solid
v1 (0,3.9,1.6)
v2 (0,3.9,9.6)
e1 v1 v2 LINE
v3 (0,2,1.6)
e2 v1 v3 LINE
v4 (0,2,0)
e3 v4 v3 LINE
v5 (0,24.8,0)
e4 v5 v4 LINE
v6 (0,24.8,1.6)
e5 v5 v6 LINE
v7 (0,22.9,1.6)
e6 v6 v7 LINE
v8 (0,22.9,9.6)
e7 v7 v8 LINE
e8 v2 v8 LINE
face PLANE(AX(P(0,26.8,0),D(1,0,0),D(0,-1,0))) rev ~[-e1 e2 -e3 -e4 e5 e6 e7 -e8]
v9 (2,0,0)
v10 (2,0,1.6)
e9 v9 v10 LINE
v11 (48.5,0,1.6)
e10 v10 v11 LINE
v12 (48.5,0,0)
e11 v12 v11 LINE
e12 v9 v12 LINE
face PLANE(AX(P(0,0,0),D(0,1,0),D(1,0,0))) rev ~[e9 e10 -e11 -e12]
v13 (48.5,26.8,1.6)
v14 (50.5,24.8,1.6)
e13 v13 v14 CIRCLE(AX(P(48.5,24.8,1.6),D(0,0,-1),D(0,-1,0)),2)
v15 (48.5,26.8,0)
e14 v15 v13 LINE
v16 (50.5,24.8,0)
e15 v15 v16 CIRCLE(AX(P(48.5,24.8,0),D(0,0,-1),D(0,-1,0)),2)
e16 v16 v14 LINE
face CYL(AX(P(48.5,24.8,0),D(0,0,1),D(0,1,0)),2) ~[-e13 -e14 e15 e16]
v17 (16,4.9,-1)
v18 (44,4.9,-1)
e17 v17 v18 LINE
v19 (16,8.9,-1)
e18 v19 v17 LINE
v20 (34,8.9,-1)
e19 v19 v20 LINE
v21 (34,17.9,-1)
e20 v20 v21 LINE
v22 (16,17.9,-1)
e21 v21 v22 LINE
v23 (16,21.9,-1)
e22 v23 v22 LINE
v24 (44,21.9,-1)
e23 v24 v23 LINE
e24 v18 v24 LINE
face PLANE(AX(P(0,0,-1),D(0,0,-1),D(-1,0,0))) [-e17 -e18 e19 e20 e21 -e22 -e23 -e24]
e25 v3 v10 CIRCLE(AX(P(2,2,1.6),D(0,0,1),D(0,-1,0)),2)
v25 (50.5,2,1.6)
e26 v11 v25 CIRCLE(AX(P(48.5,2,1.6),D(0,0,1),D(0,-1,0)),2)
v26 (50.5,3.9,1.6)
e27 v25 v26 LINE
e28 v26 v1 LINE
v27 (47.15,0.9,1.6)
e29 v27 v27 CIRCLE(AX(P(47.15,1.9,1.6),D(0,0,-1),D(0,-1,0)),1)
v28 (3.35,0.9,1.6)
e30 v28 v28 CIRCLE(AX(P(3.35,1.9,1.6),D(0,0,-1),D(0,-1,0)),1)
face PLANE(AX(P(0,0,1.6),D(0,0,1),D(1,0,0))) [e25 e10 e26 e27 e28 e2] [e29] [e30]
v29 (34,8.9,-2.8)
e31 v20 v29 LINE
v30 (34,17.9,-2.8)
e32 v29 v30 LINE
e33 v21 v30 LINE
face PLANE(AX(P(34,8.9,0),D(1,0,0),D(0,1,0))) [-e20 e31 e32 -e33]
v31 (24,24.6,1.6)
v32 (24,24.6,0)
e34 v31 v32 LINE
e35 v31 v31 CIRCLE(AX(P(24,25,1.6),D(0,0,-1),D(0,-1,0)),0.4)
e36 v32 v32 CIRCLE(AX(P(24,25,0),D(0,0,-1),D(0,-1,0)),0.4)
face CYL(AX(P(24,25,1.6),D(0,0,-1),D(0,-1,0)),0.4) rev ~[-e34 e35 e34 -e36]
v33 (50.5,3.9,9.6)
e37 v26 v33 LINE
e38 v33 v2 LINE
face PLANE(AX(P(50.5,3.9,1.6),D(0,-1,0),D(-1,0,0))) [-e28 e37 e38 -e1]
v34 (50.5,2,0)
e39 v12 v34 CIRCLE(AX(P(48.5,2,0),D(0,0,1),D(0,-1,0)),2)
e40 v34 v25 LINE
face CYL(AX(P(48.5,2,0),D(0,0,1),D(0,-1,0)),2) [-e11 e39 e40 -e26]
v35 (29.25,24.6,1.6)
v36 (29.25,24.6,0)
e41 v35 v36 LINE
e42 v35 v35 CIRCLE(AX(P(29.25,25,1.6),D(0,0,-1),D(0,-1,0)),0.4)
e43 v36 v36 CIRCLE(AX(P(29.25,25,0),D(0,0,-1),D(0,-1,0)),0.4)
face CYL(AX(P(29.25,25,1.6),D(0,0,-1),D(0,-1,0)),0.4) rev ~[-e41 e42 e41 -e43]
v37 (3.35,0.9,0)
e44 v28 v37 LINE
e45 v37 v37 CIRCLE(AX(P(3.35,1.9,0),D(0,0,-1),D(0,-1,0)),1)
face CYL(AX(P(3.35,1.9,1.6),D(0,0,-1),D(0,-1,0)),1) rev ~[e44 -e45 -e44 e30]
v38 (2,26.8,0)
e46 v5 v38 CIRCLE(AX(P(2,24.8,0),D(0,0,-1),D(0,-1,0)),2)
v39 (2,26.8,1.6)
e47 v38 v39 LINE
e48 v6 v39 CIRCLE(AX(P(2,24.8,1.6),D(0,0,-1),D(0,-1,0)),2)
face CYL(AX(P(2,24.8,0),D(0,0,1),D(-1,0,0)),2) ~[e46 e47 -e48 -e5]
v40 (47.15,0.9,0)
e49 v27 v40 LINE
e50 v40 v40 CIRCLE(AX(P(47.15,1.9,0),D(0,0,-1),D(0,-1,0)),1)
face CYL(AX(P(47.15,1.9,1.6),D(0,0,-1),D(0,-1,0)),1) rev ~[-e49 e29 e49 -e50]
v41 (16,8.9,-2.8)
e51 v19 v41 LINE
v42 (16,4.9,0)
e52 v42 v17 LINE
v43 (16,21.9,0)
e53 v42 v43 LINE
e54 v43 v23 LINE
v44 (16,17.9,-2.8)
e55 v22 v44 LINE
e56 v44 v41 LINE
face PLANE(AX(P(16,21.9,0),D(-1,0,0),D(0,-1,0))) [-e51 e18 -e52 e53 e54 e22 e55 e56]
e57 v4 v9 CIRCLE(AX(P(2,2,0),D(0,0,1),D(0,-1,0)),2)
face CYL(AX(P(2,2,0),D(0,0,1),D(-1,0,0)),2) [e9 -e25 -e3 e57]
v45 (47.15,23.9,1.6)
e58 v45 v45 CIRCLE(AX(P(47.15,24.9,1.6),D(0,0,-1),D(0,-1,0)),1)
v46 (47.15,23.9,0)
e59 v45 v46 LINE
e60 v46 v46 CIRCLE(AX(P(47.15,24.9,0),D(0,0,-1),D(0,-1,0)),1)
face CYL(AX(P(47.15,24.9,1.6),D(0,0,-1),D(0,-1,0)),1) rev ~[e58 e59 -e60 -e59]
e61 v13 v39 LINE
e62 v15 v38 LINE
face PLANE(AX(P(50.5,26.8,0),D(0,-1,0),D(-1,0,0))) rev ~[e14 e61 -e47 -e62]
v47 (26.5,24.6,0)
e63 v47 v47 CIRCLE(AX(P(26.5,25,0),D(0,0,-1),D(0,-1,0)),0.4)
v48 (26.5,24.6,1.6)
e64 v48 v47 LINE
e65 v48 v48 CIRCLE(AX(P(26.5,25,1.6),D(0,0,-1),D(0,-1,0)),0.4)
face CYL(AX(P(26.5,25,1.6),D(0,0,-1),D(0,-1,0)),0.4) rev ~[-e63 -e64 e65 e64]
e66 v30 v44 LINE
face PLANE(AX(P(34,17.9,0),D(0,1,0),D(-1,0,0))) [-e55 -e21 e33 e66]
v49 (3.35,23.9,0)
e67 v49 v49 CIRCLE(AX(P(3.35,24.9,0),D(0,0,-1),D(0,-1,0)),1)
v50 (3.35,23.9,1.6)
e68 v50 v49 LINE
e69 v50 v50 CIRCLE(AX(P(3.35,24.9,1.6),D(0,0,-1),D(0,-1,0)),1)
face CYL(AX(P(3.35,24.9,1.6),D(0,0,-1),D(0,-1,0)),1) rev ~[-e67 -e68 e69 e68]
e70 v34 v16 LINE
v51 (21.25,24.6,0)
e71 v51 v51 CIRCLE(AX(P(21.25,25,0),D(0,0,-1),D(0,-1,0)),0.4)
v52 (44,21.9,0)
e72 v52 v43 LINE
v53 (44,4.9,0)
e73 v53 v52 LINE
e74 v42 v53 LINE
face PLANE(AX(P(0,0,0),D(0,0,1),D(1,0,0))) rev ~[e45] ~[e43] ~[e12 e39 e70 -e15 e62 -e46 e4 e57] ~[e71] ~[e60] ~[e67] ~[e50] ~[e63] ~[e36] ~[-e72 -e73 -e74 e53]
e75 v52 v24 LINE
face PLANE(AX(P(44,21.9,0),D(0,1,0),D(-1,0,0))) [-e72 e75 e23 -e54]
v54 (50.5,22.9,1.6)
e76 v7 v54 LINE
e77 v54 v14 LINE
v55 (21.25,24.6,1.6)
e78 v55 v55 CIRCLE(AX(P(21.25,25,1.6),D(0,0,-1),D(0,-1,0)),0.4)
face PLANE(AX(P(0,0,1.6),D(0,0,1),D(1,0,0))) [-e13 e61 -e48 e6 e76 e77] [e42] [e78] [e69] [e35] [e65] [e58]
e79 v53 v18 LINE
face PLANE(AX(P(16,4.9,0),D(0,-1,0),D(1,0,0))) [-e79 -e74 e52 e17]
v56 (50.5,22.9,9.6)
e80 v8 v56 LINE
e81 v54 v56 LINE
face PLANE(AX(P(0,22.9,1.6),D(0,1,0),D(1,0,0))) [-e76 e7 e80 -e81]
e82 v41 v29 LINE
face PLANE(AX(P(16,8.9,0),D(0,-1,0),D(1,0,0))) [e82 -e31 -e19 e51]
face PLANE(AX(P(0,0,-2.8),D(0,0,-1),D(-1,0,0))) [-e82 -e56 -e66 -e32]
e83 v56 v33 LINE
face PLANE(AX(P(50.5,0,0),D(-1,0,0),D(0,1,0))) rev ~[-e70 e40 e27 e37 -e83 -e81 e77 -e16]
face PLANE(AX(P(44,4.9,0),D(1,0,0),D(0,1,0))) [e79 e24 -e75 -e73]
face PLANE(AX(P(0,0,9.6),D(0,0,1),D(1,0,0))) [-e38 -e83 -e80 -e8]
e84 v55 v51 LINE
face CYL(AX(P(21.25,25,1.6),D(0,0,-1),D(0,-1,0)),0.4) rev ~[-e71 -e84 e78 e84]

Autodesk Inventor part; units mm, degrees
ref_plane "YZ Plane" through (0, 0, 0) normal (1, 0, 0) x (0, 1, 0)
ref_plane "XZ Plane" through (0, 0, 0) normal (0, 1, 0) x (-1, 0, 0)
ref_plane "XY Plane" through (0, 0, 0) normal (0, 0, 1) x (1, 0, 0)
sketch "Sketch1" plane through (0, 0, 0) normal (0, 0, 1) x (1, 0, 0)
  line L0 (0, 0) -> (50.5, 0)
  line L1 (50.5, 0) -> (50.5, 26.8)
  line L2 (50.5, 26.8) -> (0, 26.8)
  line L3 (0, 26.8) -> (0, 0)
  dimension "d0" = 50.5
  dimension "d1" = 26.8
extrude "Extrusion1" add sketch "Sketch1" along normal blind 1.6
sketch "Esquisse2" plane through (0, 0, 1.6) normal (0, 0, 1) x (1, 0, 0)
  line L0 (0, 0) -> (50.5, 0) construction
  line L1 (50.5, 0) -> (50.5, 26.8) construction
  line L2 (50.5, 26.8) -> (0, 26.8) construction
  line L3 (0, 26.8) -> (0, 0) construction
  line L4 (3.35, 24.9) -> (47.15, 24.9) construction
  line L5 (47.15, 24.9) -> (47.15, 1.9) construction
  line L6 (47.15, 1.9) -> (3.35, 1.9) construction
  line L7 (3.35, 1.9) -> (3.35, 24.9) construction
  line L8 (25.25, 26.8) -> (25.25, 0) construction
  line L9 (0, 13.4) -> (50.5, 13.4) construction
  dimension "d4" = 43.8
  dimension "d5" = 23
hole "Perçage1" at (3.35, 24.9, 1.6) at (3.35, 1.9, 1.6) at (47.15, 24.9, 1.6) at (47.15, 1.9, 1.6) direction (0, 0, -1) diameter 2 end through all
fillet "Congé1" radius 2 4 edges at (0, 26.8, 0.8) (50.5, 26.8, 0.8) (50.5, 0, 0.8) (0, 0, 0.8)
sketch "Esquisse3" plane through (0, 0, 1.6) normal (0, 0, 1) x (1, 0, 0)
  arc A0 (0, 2) -> (2, 0) centre (2, 2) ccw construction
  line L0 (2, 0) -> (48.5, 0) construction
  arc A1 (48.5, 0) -> (50.5, 2) centre (48.5, 2) ccw construction
  line L1 (50.5, 2) -> (50.5, 24.8) construction
  arc A2 (50.5, 24.8) -> (48.5, 26.8) centre (48.5, 24.8) ccw construction
  line L2 (48.5, 26.8) -> (2, 26.8) construction
  arc A3 (2, 26.8) -> (0, 24.8) centre (2, 24.8) ccw construction
  line L3 (0, 24.8) -> (0, 2) construction
  circle A4 centre (47.15, 24.9) radius 1 construction
  circle A5 centre (3.35, 24.9) radius 1 construction
  circle A6 centre (3.35, 1.9) radius 1 construction
  circle A7 centre (47.15, 1.9) radius 1 construction
  line L4 (0, 22.9) -> (50.5, 22.9)
  line L5 (50.5, 22.9) -> (50.5, 3.9)
  line L6 (50.5, 3.9) -> (0, 3.9)
  line L7 (0, 3.9) -> (0, 22.9)
  line L8 (25.25, 26.8) -> (25.25, 0) construction
  line L9 (0, 13.4) -> (50.5, 13.4) construction
  point P0 (0, 0)
  dimension "d14" = 19
extrude "Extrusion2" add sketch "Esquisse3" along normal blind 8
sketch "Esquisse4" plane through (0, 0, 0) normal (0, 0, -1) x (-1, 0, 0)
  circle A0 centre (-47.15, 24.9) radius 1 construction
  circle A1 centre (-3.35, 24.9) radius 1 construction
  circle A2 centre (-3.35, 1.9) radius 1 construction
  circle A3 centre (-47.15, 1.9) radius 1 construction
  arc A4 (-2, 0) -> (0, 2) centre (-2, 2) ccw construction
  line L0 (0, 24.8) -> (0, 2) construction
  arc A5 (0, 24.8) -> (-2, 26.8) centre (-2, 24.8) ccw construction
  line L1 (-48.5, 26.8) -> (-2, 26.8) construction
  arc A6 (-48.5, 26.8) -> (-50.5, 24.8) centre (-48.5, 24.8) ccw construction
  line L2 (-50.5, 2) -> (-50.5, 24.8) construction
  arc A7 (-50.5, 2) -> (-48.5, 0) centre (-48.5, 2) ccw construction
  line L3 (-2, 0) -> (-48.5, 0) construction
  line L4 (-34, 17.9) -> (-16, 17.9)
  line L5 (-16, 17.9) -> (-16, 8.9)
  line L6 (-16, 8.9) -> (-34, 8.9)
  line L7 (-34, 8.9) -> (-34, 17.9)
  line L8 (-50.5, 13.4) -> (0, 13.4) construction
  point P0 (0, 0)
  dimension "d17" = 18
  dimension "d18" = 9
  dimension "d19" = 16
extrude "Extrusion3" add sketch "Esquisse4" along normal blind 2.8
sketch "Esquisse5" plane through (0, 0, 0) normal (0, 0, -1) x (-1, 0, 0)
  line L0 (-16, 17.9) -> (-16, 8.9) construction
  line L1 (-16, 8.9) -> (-34, 8.9) construction
  line L2 (-34, 8.9) -> (-34, 17.9) construction
  line L3 (-34, 17.9) -> (-16, 17.9) construction
  circle A0 centre (-47.15, 24.9) radius 1 construction
  circle A1 centre (-3.35, 24.9) radius 1 construction
  circle A2 centre (-3.35, 1.9) radius 1 construction
  circle A3 centre (-47.15, 1.9) radius 1 construction
  arc A4 (-2, 0) -> (0, 2) centre (-2, 2) ccw construction
  line L4 (0, 24.8) -> (0, 2) construction
  arc A5 (0, 24.8) -> (-2, 26.8) centre (-2, 24.8) ccw construction
  line L5 (-48.5, 26.8) -> (-2, 26.8) construction
  arc A6 (-48.5, 26.8) -> (-50.5, 24.8) centre (-48.5, 24.8) ccw construction
  line L6 (-50.5, 2) -> (-50.5, 24.8) construction
  arc A7 (-50.5, 2) -> (-48.5, 0) centre (-48.5, 2) ccw construction
  line L7 (-2, 0) -> (-48.5, 0) construction
  line L8 (-44, 21.9) -> (-16, 21.9)
  line L9 (-16, 21.9) -> (-16, 4.9)
  line L10 (-16, 4.9) -> (-44, 4.9)
  line L11 (-44, 4.9) -> (-44, 21.9)
  line L12 (-16, 17.9) -> (-34, 17.9) construction
  line L13 (-34, 17.9) -> (-34, 8.9) construction
  line L14 (-34, 8.9) -> (-16, 8.9) construction
  line L15 (-16, 8.9) -> (-16, 17.9) construction
  line L16 (-50.5, 13.4) -> (0, 13.4) construction
  point P0 (0, 0)
  dimension "d22" = 28
  dimension "d23" = 17
extrude "Extrusion4" add sketch "Esquisse5" along normal blind 1
sketch "Esquisse6" plane through (0, 0, 1.6) normal (0, 0, 1) x (1, 0, 0)
  line L0 (0, 22.9) -> (50.5, 22.9) construction
  line L1 (50.5, 22.9) -> (50.5, 24.8) construction
  arc A0 (50.5, 24.8) -> (48.5, 26.8) centre (48.5, 24.8) ccw construction
  line L2 (48.5, 26.8) -> (2, 26.8) construction
  arc A1 (2, 26.8) -> (0, 24.8) centre (2, 24.8) ccw construction
  line L3 (0, 24.8) -> (0, 22.9) construction
  circle A2 centre (47.15, 24.9) radius 1 construction
  circle A3 centre (3.35, 24.9) radius 1 construction
  line L4 (21.25, 25) -> (29.25, 25) construction
  line L5 (50.5, 3.9) -> (0, 3.9) construction
  line L6 (0, 3.9) -> (0, 2) construction
  arc A4 (0, 2) -> (2, 0) centre (2, 2) ccw construction
  line L7 (2, 0) -> (48.5, 0) construction
  arc A5 (48.5, 0) -> (50.5, 2) centre (48.5, 2) ccw construction
  line L8 (50.5, 2) -> (50.5, 3.9) construction
  circle A6 centre (3.35, 1.9) radius 1 construction
  circle A7 centre (47.15, 1.9) radius 1 construction
  line L9 (25.25, 26.8) -> (25.25, 0) construction
  point P0 (0, 0)
  point P1 (26.5, 25)
  point P2 (24, 25)
  dimension "d26" = 8
  dimension "d27" = 1.8
  dimension "d28" = 2.5
hole "Perçage2" at (21.25, 25, 1.6) at (29.25, 25, 1.6) at (26.5, 25, 1.6) at (24, 25, 1.6) direction (0, 0, -1) diameter 0.8 end through all
sketch "Esquisse7" plane through (0, 0, 9.6) normal (0, 0, 1) x (1, 0, 0)
  line L0 (7.75, 18.4) -> (42.75, 18.4) construction
  line L1 (42.75, 18.4) -> (42.75, 8.4) construction
  line L2 (42.75, 8.4) -> (7.75, 8.4) construction
  line L3 (7.75, 8.4) -> (7.75, 18.4) construction
  line L4 (50.5, 22.9) -> (0, 22.9) construction
  line L5 (0, 22.9) -> (0, 3.9) construction
  line L6 (0, 3.9) -> (50.5, 3.9) construction
  line L7 (50.5, 3.9) -> (50.5, 22.9) construction
  line L8 (25.25, 22.9) -> (25.25, 3.9) construction
  line L9 (0, 13.4) -> (50.5, 13.4) construction
  point P0 (0, 0)
  dimension "d2" = 1.6
  dimension "d36" = 35
  dimension "d37" = 10
properties part number "C001"
